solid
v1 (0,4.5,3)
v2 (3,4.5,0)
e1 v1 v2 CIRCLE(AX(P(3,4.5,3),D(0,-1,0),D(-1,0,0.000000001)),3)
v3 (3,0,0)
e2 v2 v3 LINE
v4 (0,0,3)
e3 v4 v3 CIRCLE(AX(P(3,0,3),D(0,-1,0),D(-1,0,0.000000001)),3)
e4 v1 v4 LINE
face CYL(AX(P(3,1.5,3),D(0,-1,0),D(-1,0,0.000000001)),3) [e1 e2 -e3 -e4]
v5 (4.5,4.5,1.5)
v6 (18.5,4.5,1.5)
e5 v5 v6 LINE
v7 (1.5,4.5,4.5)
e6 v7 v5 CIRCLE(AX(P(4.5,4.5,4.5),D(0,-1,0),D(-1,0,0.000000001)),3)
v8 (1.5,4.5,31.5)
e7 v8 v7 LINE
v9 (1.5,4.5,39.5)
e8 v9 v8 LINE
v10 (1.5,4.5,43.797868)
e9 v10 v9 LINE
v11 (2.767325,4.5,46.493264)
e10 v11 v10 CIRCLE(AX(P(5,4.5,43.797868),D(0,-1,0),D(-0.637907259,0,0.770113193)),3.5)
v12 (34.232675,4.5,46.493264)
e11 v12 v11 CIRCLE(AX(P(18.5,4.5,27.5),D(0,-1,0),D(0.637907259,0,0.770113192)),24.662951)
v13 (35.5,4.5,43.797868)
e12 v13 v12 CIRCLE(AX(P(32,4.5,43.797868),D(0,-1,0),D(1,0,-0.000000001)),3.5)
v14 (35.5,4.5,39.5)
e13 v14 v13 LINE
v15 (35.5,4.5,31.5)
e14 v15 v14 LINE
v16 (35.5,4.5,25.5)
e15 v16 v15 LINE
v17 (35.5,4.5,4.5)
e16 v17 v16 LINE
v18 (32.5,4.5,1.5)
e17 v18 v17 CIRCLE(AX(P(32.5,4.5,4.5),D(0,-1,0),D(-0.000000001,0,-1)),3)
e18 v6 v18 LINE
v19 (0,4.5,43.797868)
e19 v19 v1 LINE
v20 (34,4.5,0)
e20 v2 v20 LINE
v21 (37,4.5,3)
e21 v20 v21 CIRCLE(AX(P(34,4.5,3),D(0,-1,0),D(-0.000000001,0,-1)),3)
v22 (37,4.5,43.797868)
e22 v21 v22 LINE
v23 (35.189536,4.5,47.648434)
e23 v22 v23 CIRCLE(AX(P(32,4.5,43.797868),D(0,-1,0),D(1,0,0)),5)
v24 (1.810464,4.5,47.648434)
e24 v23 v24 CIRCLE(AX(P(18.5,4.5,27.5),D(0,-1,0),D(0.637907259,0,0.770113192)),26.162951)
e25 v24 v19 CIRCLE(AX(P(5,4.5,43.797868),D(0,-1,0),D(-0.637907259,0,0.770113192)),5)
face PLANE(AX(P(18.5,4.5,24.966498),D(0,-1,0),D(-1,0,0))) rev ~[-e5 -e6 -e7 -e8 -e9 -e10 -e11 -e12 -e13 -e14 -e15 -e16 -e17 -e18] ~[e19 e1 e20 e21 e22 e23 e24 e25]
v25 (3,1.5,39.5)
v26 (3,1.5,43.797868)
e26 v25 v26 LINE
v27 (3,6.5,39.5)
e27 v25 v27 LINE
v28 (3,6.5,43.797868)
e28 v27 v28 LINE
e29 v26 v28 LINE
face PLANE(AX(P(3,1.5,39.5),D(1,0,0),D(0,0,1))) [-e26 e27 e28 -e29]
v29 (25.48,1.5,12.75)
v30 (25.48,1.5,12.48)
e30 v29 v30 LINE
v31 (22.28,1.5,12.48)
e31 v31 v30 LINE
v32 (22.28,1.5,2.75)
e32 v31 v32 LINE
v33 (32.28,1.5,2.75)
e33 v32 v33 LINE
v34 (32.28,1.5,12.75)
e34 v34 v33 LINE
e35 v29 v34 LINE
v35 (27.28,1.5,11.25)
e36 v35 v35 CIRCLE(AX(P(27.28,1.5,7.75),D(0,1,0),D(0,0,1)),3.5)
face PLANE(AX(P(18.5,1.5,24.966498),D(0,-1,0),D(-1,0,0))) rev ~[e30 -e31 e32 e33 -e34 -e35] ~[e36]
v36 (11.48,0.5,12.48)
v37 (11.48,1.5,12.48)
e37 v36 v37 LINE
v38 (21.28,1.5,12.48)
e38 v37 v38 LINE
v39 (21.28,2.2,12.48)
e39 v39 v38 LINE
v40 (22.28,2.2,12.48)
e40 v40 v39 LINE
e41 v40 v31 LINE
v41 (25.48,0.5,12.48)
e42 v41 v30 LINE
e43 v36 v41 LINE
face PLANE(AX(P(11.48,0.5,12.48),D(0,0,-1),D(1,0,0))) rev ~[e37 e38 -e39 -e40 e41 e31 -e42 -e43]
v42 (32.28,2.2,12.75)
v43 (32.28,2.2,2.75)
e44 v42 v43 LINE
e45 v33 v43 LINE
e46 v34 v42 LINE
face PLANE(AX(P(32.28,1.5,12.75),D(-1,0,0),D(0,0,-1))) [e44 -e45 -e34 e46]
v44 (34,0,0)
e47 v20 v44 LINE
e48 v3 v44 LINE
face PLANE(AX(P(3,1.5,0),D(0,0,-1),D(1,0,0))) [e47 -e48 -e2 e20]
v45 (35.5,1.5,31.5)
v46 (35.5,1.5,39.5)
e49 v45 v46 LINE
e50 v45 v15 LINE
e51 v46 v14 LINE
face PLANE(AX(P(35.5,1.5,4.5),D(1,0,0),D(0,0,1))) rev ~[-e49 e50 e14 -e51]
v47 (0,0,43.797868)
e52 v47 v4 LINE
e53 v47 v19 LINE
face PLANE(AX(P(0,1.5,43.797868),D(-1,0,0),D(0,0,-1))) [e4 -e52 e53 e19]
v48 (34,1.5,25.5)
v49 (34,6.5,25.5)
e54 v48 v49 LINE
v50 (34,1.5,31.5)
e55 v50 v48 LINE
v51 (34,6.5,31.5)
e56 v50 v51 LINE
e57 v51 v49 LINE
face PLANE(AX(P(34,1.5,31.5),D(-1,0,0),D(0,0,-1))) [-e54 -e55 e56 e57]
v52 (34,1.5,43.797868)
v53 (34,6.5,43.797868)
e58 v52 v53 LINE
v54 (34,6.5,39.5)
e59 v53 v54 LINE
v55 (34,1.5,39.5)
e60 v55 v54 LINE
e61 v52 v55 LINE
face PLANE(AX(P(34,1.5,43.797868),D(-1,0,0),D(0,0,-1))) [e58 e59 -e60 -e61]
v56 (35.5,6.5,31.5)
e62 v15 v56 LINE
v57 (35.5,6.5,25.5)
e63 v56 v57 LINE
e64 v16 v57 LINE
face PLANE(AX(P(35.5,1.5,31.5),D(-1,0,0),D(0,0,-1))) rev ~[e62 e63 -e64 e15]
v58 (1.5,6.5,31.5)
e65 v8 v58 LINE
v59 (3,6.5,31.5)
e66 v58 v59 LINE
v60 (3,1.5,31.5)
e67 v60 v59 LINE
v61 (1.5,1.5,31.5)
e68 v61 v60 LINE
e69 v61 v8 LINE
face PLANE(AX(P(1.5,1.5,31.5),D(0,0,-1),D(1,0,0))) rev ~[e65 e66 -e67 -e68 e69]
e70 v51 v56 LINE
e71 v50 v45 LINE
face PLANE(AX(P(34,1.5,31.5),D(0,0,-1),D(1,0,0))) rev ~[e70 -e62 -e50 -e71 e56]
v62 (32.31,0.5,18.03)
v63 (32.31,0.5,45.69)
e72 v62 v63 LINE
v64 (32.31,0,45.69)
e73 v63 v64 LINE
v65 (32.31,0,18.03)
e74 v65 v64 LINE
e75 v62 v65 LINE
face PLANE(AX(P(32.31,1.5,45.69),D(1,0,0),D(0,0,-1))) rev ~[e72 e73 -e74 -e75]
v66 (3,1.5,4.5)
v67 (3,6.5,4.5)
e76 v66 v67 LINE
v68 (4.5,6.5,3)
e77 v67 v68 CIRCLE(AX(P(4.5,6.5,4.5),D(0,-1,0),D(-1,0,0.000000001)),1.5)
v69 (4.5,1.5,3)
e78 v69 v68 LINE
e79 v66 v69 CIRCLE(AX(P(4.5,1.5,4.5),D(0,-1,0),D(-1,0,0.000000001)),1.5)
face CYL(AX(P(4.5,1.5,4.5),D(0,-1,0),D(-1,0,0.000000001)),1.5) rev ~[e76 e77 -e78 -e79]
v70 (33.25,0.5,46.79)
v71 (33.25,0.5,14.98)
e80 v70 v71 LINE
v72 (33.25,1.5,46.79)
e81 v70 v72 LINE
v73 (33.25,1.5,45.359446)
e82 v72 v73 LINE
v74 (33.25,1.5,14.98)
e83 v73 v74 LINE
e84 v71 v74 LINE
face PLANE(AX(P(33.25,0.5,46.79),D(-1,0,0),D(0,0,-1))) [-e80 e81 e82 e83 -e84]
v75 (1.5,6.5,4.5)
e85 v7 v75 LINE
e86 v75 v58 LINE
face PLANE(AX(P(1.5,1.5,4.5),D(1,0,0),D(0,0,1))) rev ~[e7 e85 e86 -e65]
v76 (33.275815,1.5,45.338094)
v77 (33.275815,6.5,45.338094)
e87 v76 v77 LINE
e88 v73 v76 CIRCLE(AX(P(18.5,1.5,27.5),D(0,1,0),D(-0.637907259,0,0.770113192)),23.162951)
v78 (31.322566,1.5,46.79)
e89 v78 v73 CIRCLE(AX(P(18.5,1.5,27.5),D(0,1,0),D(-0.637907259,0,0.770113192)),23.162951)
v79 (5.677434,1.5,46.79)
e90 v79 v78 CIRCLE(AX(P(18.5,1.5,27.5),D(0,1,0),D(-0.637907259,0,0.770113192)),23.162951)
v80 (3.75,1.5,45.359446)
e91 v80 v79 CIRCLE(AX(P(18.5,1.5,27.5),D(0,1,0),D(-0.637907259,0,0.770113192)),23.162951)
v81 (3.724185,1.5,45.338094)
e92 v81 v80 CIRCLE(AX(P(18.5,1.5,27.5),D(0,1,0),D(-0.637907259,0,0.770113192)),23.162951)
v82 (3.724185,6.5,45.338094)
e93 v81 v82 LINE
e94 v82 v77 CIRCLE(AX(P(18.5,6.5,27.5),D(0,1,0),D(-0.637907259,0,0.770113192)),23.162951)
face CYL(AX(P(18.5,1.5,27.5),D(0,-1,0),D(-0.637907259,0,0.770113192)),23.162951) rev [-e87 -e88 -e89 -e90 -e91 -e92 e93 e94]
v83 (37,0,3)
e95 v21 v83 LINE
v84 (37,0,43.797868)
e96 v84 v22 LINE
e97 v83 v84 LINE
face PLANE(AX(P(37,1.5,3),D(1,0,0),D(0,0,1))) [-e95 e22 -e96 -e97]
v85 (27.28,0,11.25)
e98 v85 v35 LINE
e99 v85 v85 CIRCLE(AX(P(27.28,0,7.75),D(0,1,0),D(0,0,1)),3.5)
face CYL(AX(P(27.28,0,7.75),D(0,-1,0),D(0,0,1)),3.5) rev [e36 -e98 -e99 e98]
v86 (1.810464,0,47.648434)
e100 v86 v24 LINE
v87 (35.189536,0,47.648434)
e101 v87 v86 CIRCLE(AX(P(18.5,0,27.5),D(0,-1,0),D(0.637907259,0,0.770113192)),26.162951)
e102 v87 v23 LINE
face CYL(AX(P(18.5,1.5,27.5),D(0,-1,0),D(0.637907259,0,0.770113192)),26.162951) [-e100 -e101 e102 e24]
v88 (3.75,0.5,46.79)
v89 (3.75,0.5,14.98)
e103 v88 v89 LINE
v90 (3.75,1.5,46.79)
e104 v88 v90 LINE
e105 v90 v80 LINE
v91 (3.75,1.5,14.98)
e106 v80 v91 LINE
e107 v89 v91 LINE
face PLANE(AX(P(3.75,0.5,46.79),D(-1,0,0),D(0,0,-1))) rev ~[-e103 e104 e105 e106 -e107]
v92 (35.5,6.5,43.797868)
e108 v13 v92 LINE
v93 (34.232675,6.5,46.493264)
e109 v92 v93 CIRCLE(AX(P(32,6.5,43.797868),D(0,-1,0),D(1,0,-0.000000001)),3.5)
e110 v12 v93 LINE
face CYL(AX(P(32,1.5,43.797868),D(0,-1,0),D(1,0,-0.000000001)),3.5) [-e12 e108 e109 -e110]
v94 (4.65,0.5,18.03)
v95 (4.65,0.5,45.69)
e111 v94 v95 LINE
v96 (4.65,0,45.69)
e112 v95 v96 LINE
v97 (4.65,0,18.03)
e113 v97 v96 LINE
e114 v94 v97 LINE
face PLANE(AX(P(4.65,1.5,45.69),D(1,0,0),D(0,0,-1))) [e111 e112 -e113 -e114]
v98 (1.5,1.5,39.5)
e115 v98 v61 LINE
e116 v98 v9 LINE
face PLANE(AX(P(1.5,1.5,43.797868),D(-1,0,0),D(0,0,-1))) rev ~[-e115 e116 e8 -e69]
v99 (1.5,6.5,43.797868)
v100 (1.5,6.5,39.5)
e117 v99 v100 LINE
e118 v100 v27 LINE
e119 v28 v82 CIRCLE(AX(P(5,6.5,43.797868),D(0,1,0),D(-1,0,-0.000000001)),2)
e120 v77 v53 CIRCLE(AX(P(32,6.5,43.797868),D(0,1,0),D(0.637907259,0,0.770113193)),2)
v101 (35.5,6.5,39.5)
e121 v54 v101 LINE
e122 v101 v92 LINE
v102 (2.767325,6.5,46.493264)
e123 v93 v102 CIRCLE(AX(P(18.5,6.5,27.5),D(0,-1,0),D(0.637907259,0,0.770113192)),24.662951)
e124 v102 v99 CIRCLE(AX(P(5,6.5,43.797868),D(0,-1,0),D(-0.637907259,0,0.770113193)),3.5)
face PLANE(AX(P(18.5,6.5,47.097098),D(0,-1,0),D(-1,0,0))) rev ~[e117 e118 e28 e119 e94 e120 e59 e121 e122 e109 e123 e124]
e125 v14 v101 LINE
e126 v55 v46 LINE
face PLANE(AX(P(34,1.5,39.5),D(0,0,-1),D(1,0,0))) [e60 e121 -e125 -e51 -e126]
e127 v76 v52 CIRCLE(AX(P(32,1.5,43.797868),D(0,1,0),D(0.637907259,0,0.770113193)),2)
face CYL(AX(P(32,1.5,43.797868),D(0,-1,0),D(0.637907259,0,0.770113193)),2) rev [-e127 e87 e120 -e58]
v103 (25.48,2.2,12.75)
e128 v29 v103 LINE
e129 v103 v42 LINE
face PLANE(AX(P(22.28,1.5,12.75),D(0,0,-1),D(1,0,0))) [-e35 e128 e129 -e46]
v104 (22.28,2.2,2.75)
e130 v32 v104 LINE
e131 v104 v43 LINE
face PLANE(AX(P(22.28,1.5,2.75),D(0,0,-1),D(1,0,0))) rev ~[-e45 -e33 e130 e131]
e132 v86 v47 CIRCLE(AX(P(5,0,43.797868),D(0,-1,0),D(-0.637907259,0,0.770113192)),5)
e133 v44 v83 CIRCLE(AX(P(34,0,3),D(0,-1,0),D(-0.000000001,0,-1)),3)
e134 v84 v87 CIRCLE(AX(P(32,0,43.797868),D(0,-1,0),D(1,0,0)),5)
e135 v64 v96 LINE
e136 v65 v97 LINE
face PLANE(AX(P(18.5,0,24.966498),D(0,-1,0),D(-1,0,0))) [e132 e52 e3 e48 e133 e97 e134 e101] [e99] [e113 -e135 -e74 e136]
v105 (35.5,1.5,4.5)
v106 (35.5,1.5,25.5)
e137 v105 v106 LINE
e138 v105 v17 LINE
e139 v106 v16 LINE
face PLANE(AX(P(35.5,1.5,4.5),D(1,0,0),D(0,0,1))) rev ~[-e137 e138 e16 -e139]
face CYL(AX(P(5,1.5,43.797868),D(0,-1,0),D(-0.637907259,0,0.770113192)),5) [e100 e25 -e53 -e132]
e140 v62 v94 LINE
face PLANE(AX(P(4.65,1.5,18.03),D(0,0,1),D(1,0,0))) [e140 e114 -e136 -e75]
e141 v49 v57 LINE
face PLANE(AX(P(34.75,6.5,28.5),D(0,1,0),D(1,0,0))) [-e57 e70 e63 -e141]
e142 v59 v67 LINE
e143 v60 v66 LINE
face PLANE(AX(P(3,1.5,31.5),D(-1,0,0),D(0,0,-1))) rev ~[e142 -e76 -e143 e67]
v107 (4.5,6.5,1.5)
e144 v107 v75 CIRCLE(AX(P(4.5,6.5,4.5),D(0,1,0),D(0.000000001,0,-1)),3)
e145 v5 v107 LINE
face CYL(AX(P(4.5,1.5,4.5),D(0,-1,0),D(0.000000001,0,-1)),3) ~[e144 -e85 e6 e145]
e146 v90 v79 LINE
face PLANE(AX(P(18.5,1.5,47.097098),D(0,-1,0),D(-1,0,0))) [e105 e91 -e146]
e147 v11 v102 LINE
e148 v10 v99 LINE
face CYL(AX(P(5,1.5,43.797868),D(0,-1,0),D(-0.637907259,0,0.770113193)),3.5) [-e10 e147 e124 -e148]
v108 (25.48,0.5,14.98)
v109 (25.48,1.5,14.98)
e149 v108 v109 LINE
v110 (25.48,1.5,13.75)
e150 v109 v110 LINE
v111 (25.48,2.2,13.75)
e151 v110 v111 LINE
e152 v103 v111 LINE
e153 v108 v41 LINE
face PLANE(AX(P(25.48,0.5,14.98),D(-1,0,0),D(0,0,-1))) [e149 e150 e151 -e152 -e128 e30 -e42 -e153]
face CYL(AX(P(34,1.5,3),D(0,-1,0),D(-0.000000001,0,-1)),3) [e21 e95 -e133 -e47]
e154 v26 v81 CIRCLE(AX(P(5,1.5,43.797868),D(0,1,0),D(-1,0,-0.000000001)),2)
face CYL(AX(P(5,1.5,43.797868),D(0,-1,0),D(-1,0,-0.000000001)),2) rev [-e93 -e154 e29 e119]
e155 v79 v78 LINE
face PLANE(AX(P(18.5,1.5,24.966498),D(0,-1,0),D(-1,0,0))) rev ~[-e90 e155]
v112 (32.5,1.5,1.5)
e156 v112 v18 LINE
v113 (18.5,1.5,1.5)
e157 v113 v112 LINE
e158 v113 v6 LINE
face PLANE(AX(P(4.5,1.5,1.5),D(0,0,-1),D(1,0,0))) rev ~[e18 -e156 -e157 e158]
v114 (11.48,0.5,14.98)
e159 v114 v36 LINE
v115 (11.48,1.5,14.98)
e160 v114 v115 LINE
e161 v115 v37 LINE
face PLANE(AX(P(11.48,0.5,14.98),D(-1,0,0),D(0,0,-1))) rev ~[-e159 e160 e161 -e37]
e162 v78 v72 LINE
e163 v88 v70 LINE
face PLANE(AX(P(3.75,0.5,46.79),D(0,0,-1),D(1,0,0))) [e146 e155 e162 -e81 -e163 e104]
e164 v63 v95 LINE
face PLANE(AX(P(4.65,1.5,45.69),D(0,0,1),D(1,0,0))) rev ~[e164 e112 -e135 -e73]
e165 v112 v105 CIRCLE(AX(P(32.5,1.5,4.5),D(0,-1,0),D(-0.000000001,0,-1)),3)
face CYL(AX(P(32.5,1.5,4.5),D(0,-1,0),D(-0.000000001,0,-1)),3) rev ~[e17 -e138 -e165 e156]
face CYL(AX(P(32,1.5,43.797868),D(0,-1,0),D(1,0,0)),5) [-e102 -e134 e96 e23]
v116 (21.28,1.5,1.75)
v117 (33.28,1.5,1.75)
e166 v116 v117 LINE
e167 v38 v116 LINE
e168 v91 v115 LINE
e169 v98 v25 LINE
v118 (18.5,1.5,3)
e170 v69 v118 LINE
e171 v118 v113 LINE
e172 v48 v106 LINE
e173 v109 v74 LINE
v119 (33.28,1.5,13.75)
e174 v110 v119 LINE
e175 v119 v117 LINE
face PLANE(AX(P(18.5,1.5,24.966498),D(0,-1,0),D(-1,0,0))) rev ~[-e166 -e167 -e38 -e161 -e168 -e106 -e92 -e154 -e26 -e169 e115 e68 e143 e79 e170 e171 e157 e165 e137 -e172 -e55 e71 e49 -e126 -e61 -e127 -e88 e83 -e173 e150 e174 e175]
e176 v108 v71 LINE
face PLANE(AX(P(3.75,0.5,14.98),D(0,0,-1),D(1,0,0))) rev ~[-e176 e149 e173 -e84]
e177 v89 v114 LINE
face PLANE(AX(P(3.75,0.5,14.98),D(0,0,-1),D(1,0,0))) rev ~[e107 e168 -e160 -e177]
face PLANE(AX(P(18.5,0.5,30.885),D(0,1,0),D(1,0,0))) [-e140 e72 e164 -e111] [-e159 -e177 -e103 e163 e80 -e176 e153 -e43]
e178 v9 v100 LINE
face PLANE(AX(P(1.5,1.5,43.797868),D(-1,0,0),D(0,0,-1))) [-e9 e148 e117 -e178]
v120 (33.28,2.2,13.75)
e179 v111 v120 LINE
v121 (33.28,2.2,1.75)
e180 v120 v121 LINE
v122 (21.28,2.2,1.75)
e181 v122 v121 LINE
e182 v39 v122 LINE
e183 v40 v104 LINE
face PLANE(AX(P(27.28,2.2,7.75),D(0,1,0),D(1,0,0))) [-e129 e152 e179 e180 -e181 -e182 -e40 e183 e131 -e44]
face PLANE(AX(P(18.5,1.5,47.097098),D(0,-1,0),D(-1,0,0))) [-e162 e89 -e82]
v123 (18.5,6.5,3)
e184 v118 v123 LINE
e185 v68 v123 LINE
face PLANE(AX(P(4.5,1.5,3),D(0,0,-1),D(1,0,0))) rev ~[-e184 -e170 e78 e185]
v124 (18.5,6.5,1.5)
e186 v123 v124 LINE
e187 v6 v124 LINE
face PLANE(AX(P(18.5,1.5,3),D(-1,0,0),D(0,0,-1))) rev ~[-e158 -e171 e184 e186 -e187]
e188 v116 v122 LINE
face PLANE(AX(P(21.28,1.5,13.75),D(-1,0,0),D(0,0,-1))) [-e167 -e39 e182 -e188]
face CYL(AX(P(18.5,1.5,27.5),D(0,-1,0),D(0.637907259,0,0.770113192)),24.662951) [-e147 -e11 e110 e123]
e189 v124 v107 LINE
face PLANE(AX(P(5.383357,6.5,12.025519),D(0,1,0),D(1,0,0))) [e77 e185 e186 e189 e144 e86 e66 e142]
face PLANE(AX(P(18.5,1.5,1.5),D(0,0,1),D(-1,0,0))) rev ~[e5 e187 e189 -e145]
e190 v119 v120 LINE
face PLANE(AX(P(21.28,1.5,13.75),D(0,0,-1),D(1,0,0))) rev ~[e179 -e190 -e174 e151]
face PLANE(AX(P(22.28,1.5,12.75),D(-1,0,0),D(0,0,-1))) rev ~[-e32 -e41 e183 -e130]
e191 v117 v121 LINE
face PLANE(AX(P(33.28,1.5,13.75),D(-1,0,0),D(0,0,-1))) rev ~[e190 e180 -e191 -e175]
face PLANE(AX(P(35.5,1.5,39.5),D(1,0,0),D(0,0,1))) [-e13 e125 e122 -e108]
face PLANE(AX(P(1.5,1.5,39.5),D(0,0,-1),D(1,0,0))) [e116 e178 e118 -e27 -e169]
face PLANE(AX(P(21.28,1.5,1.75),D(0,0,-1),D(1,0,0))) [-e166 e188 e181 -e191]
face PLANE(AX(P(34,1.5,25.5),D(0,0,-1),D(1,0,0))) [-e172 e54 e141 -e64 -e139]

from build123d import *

# Parameters (mm, degrees)
SKETCH1_R               = 3.5
BOSS_EXTRUDE1_DEPTH     = 1.5
BOSS_EXTRUDE2_DEPTH     = 3
SKETCH3_W               = 12
SKETCH3_H               = 12
SKETCH3_W_2             = 10
SKETCH3_H_2             = 10
BOSS_EXTRUDE3_DEPTH     = 0.7
SKETCH5_W               = 27.66
SKETCH5_H               = 27.66
CUT_EXTRUDE1_DEPTH      = 66.25114788
CUT_EXTRUDE2_DEPTH      = 66.25114788
CUT_EXTRUDE2_DEPTH_BACK = 1
SKETCH6_W               = 29.5
SKETCH6_H               = 31.81
CUT_EXTRUDE3_DEPTH      = 66.25114788
CUT_EXTRUDE3_DEPTH_BACK = 1
SKETCH4_W               = 14
SKETCH4_H               = 2.5
BOSS_EXTRUDE5_START     = -3
SKETCH8_W               = 1.5
SKETCH8_H               = 6
BOSS_EXTRUDE5_DEPTH     = 5


with BuildPart() as part:
    # Sketch1 → Boss-Extrude1 (new body)
    with BuildSketch(Plane(origin=(0, 0, 0), x_dir=(1, 0, 0), z_dir=(0, 1, 0))):
        with BuildLine():
            Line((0, -43.797867681), (0, -43))
            Line((0, -43), (0, -3))
            ThreePointArc((0, -3), (0.878679656, -0.878679656), (3, 0))
            Line((3, 0), (34, 0))
            ThreePointArc((34, 0), (36.121320344, -0.878679656), (37, -3))
            Line((37, -3), (37, -43))
            Line((37, -43), (37, -43.797867681))
            ThreePointArc((37, -43.797867681), (36.524802839, -45.925344888), (35.189536294, -47.648433643))
            ThreePointArc((35.189536294, -47.648433643), (18.5, -53.662950904), (1.810463706, -47.648433643))
            ThreePointArc((1.810463706, -47.648433643), (0.475197161, -45.925344888), (0, -43.797867681))
        make_face()
        with Locations(Location((27.28, -7.75, 0), (0, 0, 270))):
            Circle(SKETCH1_R, mode=Mode.SUBTRACT)
    extrude(amount=BOSS_EXTRUDE1_DEPTH)

    # Sketch2 → Boss-Extrude2 (add)
    with BuildSketch(Plane(origin=(0, 1.5, 0), x_dir=(1, 0, 0), z_dir=(0, 1, 0))):
        with BuildLine():
            Line((0, -43.797867681), (0, -43))
            Line((0, -43), (0, -3))
            ThreePointArc((0, -3), (0.878679656, -0.878679656), (3, 0))
            Line((3, 0), (34, 0))
            ThreePointArc((34, 0), (36.121320344, -0.878679656), (37, -3))
            Line((37, -3), (37, -43))
            Line((37, -43), (37, -43.797867681))
            ThreePointArc((37, -43.797867681), (36.524802839, -45.925344888), (35.189536294, -47.648433643))
            ThreePointArc((35.189536294, -47.648433643), (18.5, -53.662950904), (1.810463706, -47.648433643))
            ThreePointArc((1.810463706, -47.648433643), (0.475197161, -45.925344888), (0, -43.797867681))
        make_face()
        with BuildLine():
            Line((1.5, -43.797867681), (1.5, -43))
            Line((1.5, -43), (1.5, -4.5))
            ThreePointArc((1.5, -4.5), (2.378679656, -2.378679656), (4.5, -1.5))
            Line((4.5, -1.5), (32.5, -1.5))
            ThreePointArc((32.5, -1.5), (34.621320344, -2.378679656), (35.5, -4.5))
            Line((35.5, -4.5), (35.5, -43))
            Line((35.5, -43), (35.5, -43.797867681))
            ThreePointArc((35.5, -43.797867681), (35.167361988, -45.287101726), (34.232675406, -46.493263855))
            ThreePointArc((34.232675406, -46.493263855), (18.5, -52.162950904), (2.767324594, -46.493263855))
            ThreePointArc((2.767324594, -46.493263855), (1.832638012, -45.287101726), (1.5, -43.797867681))
        make_face(mode=Mode.SUBTRACT)
    extrude(amount=BOSS_EXTRUDE2_DEPTH)

    # Sketch3 → Boss-Extrude3 (add)
    with BuildSketch(Plane(origin=(0, 1.5, 0), x_dir=(1, 0, 0), z_dir=(0, 1, 0))):
        with Locations((27.28, -7.75)):
            Rectangle(SKETCH3_W, SKETCH3_H)
        with Locations((27.28, -7.75)):
            Rectangle(SKETCH3_W_2, SKETCH3_H_2, mode=Mode.SUBTRACT)
    extrude(amount=BOSS_EXTRUDE3_DEPTH)

    # Sketch5 → Cut-Extrude1 (cut, through all)
    with BuildSketch(Plane(origin=(0, 1.5, 0), x_dir=(1, 0, 0), z_dir=(0, 1, 0))):
        with Locations((18.48, -31.86)):
            Rectangle(SKETCH5_W, SKETCH5_H)
    extrude(amount=-CUT_EXTRUDE1_DEPTH, mode=Mode.SUBTRACT)

    # Sketch6 → Cut-Extrude2 (cut, two sides: drawn at the far end of the back side and taken through both)
    with BuildSketch(Plane(origin=(0, 1.5, 0), x_dir=(1, 0, 0), z_dir=(0, 1, 0)).offset(-CUT_EXTRUDE2_DEPTH_BACK)):
        with Locations((18.5, -30.885)):
            Rectangle(SKETCH6_W, SKETCH6_H)
    extrude(amount=CUT_EXTRUDE2_DEPTH + CUT_EXTRUDE2_DEPTH_BACK, mode=Mode.SUBTRACT)

    # Sketch4 → Cut-Extrude3 (cut, two sides: drawn at the far end of the back side and taken through both)
    with BuildSketch(Plane(origin=(0, 1.5, 0), x_dir=(1, 0, 0), z_dir=(0, 1, 0)).offset(-CUT_EXTRUDE3_DEPTH_BACK)):
        with Locations((18.48, -13.73)):
            Rectangle(SKETCH4_W, SKETCH4_H)
    extrude(amount=CUT_EXTRUDE3_DEPTH + CUT_EXTRUDE3_DEPTH_BACK, mode=Mode.SUBTRACT)

    # Sketch8 → Boss-Extrude5 (add)
    with BuildSketch(Plane(origin=(0, 4.5, 0), x_dir=(1, 0, 0), z_dir=(0, 1, 0)).offset(BOSS_EXTRUDE5_START)):
        with BuildLine():
            Line((1.5, -4.5), (1.5, -31.5))
            Line((1.5, -31.5), (3, -31.5))
            Line((3, -31.5), (3, -4.5))
            ThreePointArc((3, -4.5), (3.439339828, -3.439339828), (4.5, -3))
            Line((4.5, -3), (18.5, -3))
            Line((18.5, -3), (18.5, -1.5))
            Line((18.5, -1.5), (4.5, -1.5))
            ThreePointArc((4.5, -1.5), (2.378679656, -2.378679656), (1.5, -4.5))
        make_face()
        with Locations((34.75, -28.5)):
            Rectangle(SKETCH8_W, SKETCH8_H)
        with BuildLine():
            Line((35.5, -43), (35.5, -43.797867681))
            ThreePointArc((35.5, -43.797867681), (35.167361988, -45.287101726), (34.232675406, -46.493263855))
            ThreePointArc((34.232675406, -46.493263855), (18.5, -52.162950904), (2.767324594, -46.493263855))
            ThreePointArc((2.767324594, -46.493263855), (1.832638012, -45.287101726), (1.5, -43.797867681))
            Line((1.5, -43.797867681), (1.5, -43))
            Line((1.5, -43), (1.5, -39.5))
            Line((1.5, -39.5), (3, -39.5))
            Line((3, -39.5), (3, -43))
            Line((3, -43), (3, -43.797867681))
            ThreePointArc((3, -43.797867681), (3.190078864, -44.648858564), (3.724185482, -45.338094066))
            ThreePointArc((3.724185482, -45.338094066), (18.5, -50.662950904), (33.275814518, -45.338094066))
            ThreePointArc((33.275814518, -45.338094066), (33.809921136, -44.648858564), (34, -43.797867681))
            Line((34, -43.797867681), (34, -43))
            Line((34, -43), (34, -39.5))
            Line((34, -39.5), (35.5, -39.5))
            Line((35.5, -39.5), (35.5, -43))
        make_face()
    extrude(amount=BOSS_EXTRUDE5_DEPTH)


solid = part.part
